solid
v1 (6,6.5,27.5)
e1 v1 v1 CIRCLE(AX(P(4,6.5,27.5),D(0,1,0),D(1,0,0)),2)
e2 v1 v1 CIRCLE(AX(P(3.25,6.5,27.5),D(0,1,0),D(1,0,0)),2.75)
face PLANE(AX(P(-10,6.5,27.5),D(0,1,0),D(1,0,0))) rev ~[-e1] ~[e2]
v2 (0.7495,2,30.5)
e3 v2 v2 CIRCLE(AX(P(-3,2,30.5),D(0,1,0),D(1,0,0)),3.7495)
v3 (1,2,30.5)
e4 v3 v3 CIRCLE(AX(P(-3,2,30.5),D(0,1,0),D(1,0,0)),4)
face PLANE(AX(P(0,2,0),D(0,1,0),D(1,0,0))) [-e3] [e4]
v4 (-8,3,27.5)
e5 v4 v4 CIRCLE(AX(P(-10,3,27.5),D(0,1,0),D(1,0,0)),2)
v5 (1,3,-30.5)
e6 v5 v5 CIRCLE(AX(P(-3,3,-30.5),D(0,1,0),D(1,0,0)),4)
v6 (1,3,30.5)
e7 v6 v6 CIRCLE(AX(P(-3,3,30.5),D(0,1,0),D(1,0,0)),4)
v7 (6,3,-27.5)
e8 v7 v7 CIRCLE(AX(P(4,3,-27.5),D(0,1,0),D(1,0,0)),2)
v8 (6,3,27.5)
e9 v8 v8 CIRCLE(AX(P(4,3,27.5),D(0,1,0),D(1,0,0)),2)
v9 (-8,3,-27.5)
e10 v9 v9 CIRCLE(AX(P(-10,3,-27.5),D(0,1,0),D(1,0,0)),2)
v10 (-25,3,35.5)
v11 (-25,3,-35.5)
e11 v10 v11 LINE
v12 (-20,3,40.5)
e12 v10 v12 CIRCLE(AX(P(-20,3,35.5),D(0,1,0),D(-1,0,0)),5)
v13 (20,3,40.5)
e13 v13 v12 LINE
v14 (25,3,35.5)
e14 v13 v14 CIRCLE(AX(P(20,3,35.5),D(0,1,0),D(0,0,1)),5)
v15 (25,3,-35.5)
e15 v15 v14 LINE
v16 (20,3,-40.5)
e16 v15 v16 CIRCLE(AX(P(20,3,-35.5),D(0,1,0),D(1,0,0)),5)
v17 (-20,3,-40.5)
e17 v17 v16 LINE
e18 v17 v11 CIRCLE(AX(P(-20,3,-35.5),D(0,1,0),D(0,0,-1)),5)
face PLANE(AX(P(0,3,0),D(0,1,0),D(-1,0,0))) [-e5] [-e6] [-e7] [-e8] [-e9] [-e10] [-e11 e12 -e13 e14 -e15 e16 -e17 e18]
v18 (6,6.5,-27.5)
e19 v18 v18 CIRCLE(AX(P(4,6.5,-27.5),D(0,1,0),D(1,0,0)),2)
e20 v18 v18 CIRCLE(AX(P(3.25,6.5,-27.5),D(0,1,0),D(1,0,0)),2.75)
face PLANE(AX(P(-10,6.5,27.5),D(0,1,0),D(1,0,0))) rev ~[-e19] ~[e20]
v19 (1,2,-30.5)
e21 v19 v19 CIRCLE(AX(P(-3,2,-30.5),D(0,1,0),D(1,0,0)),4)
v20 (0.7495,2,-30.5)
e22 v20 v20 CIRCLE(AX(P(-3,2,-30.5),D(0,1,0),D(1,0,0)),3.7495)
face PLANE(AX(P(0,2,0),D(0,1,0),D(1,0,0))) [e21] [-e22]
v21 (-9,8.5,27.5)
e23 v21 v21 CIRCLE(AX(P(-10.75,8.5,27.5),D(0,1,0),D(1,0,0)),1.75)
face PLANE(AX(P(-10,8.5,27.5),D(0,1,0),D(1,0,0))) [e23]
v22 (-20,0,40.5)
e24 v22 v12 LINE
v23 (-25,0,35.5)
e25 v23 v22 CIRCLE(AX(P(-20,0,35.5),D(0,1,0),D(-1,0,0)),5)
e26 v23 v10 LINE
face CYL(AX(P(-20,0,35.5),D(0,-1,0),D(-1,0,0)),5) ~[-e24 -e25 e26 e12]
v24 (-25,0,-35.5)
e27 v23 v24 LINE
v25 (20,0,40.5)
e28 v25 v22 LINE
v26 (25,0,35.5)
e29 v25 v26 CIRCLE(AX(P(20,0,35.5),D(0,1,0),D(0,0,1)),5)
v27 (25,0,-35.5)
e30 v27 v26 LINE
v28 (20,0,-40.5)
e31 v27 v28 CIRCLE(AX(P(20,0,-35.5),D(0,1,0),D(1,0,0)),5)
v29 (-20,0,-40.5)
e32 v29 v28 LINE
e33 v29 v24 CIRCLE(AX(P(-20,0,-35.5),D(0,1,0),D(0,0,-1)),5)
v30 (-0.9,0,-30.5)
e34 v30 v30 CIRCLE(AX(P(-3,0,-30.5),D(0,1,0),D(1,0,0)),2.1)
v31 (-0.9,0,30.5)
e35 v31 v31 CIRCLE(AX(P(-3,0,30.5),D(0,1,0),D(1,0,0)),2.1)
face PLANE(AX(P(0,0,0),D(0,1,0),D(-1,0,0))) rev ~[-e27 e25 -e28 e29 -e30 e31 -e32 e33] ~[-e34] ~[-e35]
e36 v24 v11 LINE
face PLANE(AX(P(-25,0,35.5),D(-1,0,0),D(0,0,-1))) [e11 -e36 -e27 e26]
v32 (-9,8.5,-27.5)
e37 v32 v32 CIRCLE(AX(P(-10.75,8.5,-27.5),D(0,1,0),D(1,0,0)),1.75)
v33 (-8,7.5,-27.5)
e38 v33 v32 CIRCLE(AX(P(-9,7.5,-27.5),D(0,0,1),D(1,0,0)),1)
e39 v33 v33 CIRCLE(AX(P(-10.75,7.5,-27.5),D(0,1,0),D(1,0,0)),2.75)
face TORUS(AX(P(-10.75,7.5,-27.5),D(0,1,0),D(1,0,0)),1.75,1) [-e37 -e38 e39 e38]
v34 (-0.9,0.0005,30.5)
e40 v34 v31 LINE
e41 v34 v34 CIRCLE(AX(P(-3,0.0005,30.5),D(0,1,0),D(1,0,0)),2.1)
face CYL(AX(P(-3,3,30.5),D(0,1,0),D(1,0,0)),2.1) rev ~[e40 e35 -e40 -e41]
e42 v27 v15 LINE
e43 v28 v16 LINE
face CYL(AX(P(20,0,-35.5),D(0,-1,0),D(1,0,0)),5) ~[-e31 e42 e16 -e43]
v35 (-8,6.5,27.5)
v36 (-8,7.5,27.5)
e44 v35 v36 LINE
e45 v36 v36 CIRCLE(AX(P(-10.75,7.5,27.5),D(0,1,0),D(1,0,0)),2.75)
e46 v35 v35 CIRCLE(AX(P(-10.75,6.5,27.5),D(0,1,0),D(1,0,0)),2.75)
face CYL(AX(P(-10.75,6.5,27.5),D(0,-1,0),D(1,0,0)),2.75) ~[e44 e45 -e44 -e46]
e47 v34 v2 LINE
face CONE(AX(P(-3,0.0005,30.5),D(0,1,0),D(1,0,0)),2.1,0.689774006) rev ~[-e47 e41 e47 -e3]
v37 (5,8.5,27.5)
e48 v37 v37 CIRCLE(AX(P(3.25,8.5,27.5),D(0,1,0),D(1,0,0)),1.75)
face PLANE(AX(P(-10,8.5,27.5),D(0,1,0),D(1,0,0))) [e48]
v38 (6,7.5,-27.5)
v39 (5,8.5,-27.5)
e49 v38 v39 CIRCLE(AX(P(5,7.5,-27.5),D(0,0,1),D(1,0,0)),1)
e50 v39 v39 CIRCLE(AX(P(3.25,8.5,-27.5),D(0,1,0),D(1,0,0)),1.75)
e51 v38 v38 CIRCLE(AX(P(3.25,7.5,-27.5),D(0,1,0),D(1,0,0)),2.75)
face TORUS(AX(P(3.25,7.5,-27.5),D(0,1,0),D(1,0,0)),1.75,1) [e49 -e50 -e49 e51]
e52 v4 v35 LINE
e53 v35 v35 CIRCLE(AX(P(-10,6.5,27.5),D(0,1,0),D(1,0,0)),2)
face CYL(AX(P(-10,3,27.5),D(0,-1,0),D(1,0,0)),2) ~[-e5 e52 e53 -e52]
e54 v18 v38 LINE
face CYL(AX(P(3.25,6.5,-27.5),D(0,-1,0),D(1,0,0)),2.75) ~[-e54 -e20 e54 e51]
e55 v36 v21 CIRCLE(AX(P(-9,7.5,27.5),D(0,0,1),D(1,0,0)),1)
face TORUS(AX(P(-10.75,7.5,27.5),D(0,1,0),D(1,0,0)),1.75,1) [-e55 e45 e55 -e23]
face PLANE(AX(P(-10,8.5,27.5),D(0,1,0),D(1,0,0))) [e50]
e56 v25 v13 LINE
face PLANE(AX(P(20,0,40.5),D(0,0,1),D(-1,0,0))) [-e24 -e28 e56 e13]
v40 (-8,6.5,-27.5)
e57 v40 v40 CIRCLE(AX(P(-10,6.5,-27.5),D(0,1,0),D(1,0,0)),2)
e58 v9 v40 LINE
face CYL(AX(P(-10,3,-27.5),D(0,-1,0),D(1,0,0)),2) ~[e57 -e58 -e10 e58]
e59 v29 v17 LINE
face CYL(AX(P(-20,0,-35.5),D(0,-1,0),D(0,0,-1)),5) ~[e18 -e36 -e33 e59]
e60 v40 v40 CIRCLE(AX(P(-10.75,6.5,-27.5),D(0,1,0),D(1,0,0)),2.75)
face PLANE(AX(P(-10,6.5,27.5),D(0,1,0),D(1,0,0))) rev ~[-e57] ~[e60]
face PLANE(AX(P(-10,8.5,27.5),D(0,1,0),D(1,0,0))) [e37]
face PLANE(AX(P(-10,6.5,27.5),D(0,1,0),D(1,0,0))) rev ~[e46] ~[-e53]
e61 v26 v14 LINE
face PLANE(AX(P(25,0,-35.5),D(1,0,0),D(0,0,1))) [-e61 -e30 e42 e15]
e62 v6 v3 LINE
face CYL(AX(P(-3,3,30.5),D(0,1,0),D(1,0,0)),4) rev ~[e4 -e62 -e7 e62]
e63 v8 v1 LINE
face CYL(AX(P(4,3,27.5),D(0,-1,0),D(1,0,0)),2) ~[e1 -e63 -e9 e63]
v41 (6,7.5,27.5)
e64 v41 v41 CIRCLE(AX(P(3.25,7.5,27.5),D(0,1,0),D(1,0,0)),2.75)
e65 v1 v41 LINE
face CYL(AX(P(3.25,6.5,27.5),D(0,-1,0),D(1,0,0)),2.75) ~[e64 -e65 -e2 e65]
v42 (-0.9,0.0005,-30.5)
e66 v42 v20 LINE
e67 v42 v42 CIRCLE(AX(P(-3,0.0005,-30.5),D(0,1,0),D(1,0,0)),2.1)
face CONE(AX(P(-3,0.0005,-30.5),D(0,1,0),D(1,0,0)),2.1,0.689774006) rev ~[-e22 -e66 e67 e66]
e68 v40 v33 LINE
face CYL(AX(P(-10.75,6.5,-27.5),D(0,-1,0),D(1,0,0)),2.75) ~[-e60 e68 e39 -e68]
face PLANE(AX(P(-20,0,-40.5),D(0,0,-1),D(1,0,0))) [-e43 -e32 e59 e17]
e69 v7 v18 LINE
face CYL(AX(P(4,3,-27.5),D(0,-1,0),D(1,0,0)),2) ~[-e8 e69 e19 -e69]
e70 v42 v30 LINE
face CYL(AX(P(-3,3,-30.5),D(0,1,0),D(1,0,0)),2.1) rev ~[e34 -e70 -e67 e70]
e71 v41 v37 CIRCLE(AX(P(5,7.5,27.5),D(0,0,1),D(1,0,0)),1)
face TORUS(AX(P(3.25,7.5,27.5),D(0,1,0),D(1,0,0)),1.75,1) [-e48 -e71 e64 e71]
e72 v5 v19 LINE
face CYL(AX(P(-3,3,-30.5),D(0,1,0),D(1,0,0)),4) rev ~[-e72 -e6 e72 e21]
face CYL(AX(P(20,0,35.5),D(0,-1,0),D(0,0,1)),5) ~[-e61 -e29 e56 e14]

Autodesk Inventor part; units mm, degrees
ref_plane "YZ Plane" through (0, 0, 0) normal (1, 0, 0) x (0, 1, 0)
ref_plane "XZ Plane" through (0, 0, 0) normal (0, 1, 0) x (-1, 0, 0)
ref_plane "XY Plane" through (0, 0, 0) normal (0, 0, 1) x (1, 0, 0)
sketch "Esboço1" plane through (0, 0, 0) normal (0, 1, 0) x (-1, 0, 0)
  line L0 (-20, 37.5) -> (20, 37.5)
  line L1 (22, 35.5) -> (22, -35.5)
  line L2 (20, -37.5) -> (-20, -37.5)
  line L3 (-22, -35.5) -> (-22, 35.5)
  line L4 (-22, 37.5) -> (22, -37.5) construction
  line L5 (22, 37.5) -> (-22, -37.5) construction
  arc A0 (22, 35.5) -> (20, 37.5) centre (20, 35.5) ccw
  arc A1 (-20, 37.5) -> (-22, 35.5) centre (-20, 35.5) ccw
  arc A2 (-22, -35.5) -> (-20, -37.5) centre (-20, -35.5) ccw
  arc A3 (20, -37.5) -> (22, -35.5) centre (20, -35.5) ccw
  line L6 (-20, 40.5) -> (20, 40.5)
  line L7 (25, 35.5) -> (25, -35.5)
  line L8 (20, -40.5) -> (-20, -40.5)
  line L9 (-25, -35.5) -> (-25, 35.5)
  line L10 (-25, 40.5) -> (25, -40.5) construction
  line L11 (25, 40.5) -> (-25, -40.5) construction
  arc A4 (25, 35.5) -> (20, 40.5) centre (20, 35.5) ccw
  arc A5 (20, -40.5) -> (25, -35.5) centre (20, -35.5) ccw
  arc A6 (-25, -35.5) -> (-20, -40.5) centre (-20, -35.5) ccw
  arc A7 (-20, 40.5) -> (-25, 35.5) centre (-20, 35.5) ccw
  point P0 (0, 0)
  dimension "d0" = 75
  dimension "d1" = 44
  dimension "d2" = 2
  dimension "d3" = 3
  dimension "d4" = 3
  dimension "d5" = 5
extrude "Extrusão1" add sketch "Esboço1" along normal blind 3 contours L0 A0 L1 A3 L2 A2 L3 A1 | L6 A4 L7 A5 L8 A6 L9 A7
sketch "Esboço2" plane through (0, 3, 0) normal (0, 1, 0) x (1, 0, 0)
  circle A0 centre (-10, -27.5) radius 2
  circle A1 centre (-10, 27.5) radius 2
  circle A2 centre (4, -27.5) radius 2
  circle A3 centre (4, 27.5) radius 2
  line L0 (-20, -40.5) -> (20, -40.5) projected
  line L1 (20, 40.5) -> (-20, 40.5) projected
  point P0 (0, 0)
  dimension "d8" = 4
  dimension "d9" = 13
  dimension "d10" = 4
  dimension "d11" = 10
  dimension "d12" = 13
extrude "Extrusão2" add sketch "Esboço2" along normal blind 3.5
sketch "Esboço3" plane through (-10, 6.5, 27.5) normal (0, 1, 0) x (1, 0, 0)
  circle A0 centre (0, 0) radius 2 projected
  circle A1 centre (14, 0) radius 2 projected
  circle A2 centre (14, 55) radius 2 projected
  circle A3 centre (0, 55) radius 2 projected
  circle A4 centre (-0.75, 0) radius 2.75
  circle A5 centre (0, 0) radius 2 projected
  circle A6 centre (13.25, 0) radius 2.75
  circle A7 centre (13.25, 55) radius 2.75
  circle A8 centre (-0.75, 55) radius 2.75
  circle A9 centre (0, 55) radius 2 projected
  circle A10 centre (14, 55) radius 2 projected
  point P0 (10, 27.5)
  dimension "d15" = 5.5
extrude "Extrusão3" add sketch "Esboço3" along normal blind 2 contours A0 | A4 | A1 | A6 | A2 | A7 | A3 | A8
fillet "Arredondamento1" radius 1 4 edges at (-13.5, 8.5, -27.5) (0.5, 8.5, -27.5) (-13.5, 8.5, 27.5) (0.5, 8.5, 27.5)
sketch "Esboço4" plane through (0, 3, 0) normal (0, 1, 0) x (1, 0, 0)
  circle A0 centre (-3, -30.5) radius 2.1
  circle A1 centre (-3, 30.5) radius 2.1
  line L0 (-20, -40.5) -> (20, -40.5) projected
  line L1 (20, 40.5) -> (-20, 40.5) projected
  line L2 (-25, 35.5) -> (-25, -35.5) projected
  circle A2 centre (-3, -30.5) radius 4
  circle A3 centre (-3, 30.5) radius 4
  point P0 (0, 0)
  dimension "d19" = 4.2
  dimension "d20" = 10
  dimension "d21" = 10
  dimension "d22" = 22
  dimension "d25" = 8
extrude "Extrusão4" cut sketch "Esboço4" against normal blind 10 contours A0 | A1
extrude "Extrusão5" cut sketch "Esboço4" against normal blind 1
sketch "Esboço5" plane through (-3, 2, 30.5) normal (0, 1, 0) x (1, 0, 0)
  circle A0 centre (0, 0) radius 3.75
  circle A1 centre (0, 0) radius 2.1 projected
  circle A2 centre (0, 61) radius 4 projected
  circle A3 centre (0, 61) radius 3.75
  point P0 (3, 30.5)
  dimension "d28" = 7.5
  dimension "d29" = 7.5
chamfer "Chanfro1" distance 2 distance2 1.65 1 edges at (-5.1, 2, 30.5) measured on face at (-0.9068, 0.6667, 30.669)
chamfer "Chanfro2" distance 2 distance2 1.65 1 edges at (-5.1, 2, -30.5) measured on face at (-0.9068, 0.6667, -30.331)
properties part number "SuportForWall"
